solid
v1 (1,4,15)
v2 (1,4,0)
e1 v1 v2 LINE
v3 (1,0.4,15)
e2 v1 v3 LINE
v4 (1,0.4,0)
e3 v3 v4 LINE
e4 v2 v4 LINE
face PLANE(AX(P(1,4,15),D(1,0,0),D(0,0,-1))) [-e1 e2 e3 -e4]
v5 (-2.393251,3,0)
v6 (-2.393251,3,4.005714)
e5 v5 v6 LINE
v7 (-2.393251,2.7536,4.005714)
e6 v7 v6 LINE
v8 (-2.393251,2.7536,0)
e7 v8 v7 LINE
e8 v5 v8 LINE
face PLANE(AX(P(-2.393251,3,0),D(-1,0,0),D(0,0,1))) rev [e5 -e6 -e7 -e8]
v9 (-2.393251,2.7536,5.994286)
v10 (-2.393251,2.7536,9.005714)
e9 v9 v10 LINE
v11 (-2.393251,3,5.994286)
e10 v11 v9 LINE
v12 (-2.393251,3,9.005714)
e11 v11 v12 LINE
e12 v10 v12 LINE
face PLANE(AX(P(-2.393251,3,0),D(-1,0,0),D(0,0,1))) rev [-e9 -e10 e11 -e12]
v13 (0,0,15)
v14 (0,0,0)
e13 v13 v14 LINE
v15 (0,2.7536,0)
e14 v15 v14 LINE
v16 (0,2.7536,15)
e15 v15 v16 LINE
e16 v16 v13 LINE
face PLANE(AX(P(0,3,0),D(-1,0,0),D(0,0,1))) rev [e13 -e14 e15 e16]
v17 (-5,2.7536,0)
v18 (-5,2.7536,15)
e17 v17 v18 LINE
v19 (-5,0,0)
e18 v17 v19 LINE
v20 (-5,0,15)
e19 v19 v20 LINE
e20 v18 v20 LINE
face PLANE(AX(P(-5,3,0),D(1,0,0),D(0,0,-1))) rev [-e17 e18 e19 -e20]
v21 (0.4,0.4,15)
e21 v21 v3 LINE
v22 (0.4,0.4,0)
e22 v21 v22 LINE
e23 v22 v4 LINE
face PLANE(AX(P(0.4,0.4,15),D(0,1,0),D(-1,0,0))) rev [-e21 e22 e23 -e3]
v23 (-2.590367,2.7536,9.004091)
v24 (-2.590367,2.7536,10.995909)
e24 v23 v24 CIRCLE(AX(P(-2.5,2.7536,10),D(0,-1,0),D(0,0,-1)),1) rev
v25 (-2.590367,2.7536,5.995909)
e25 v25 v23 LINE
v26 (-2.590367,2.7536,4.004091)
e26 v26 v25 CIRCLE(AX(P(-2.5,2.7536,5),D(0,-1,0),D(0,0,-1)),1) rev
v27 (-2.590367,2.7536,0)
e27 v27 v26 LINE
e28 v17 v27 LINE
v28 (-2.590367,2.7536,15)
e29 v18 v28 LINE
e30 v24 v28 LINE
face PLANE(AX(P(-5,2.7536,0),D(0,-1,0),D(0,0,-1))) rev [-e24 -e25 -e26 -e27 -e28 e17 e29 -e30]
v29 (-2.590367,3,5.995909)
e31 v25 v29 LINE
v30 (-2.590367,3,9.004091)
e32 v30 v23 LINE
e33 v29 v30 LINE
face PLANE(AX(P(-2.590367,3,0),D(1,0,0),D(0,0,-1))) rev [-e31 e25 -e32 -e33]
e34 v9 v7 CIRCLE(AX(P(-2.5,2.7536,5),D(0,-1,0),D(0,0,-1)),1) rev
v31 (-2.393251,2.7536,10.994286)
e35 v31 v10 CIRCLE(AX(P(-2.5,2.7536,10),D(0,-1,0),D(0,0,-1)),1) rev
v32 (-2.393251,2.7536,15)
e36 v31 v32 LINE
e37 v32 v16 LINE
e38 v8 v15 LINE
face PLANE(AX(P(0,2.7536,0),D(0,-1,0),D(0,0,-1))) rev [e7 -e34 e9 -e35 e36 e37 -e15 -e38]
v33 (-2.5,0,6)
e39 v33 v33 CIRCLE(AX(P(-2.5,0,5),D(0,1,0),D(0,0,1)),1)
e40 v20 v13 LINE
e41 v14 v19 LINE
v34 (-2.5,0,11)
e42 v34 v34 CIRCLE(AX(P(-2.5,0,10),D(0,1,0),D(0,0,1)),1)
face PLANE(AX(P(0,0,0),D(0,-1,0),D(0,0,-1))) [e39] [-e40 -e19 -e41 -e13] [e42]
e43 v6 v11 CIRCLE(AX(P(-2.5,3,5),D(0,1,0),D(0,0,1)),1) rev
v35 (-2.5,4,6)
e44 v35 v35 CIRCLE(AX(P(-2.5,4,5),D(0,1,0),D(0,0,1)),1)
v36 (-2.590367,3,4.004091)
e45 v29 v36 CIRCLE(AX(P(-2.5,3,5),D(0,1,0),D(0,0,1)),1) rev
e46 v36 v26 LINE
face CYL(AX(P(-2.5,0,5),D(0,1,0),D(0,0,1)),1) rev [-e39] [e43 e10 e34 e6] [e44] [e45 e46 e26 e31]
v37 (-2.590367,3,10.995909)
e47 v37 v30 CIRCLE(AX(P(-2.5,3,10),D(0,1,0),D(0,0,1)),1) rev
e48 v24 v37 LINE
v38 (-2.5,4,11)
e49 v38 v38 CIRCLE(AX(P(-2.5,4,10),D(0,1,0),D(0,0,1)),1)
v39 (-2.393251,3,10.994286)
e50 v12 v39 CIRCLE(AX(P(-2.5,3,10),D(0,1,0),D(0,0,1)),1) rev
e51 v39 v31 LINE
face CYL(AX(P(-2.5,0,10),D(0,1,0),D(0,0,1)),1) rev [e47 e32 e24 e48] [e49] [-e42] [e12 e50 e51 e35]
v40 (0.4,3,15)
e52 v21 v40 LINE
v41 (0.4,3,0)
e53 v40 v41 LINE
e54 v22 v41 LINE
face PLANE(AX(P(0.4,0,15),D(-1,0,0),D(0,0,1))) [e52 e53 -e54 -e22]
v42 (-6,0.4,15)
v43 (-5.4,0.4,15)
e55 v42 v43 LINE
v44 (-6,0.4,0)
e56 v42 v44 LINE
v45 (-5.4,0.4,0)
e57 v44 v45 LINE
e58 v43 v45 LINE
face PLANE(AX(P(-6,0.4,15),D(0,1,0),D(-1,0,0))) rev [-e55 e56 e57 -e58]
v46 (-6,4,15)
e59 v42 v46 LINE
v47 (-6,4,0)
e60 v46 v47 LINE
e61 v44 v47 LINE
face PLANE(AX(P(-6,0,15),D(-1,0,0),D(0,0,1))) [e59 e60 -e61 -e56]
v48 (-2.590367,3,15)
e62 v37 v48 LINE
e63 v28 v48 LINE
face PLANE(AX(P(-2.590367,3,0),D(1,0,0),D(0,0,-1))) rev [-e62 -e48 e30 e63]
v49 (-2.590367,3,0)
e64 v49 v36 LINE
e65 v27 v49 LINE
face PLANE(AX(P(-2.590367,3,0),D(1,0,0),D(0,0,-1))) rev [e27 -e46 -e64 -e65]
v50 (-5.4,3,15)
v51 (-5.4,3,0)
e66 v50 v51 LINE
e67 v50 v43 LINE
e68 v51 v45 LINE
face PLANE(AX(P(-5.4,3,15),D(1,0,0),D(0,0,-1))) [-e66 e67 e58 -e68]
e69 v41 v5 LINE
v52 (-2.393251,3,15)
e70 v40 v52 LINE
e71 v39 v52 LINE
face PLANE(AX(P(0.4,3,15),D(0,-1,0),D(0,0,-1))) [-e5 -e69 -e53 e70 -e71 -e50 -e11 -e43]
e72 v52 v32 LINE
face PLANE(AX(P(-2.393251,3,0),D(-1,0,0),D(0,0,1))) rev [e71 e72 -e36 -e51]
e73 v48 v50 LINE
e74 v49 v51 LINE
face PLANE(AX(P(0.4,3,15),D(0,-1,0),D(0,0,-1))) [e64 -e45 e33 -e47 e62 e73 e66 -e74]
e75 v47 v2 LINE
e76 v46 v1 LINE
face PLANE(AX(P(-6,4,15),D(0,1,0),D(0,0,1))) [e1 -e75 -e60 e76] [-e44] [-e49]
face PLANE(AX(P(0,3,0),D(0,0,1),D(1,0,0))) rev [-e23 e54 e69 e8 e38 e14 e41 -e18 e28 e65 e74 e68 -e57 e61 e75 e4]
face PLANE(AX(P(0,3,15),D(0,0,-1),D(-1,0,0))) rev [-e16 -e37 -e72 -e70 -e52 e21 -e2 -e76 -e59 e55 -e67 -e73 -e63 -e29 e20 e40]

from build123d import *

# Parameters (mm, degrees)
SKETCH_1_W          = 5
SKETCH_1_H          = 15
EXTRUDE_1_DEPTH     = 3
EXTRUDE_2_DEPTH     = 15
SKETCH_3_R          = 1
CUT_EXTRUDE_1_DEPTH = 5
SKETCH_5_W          = 2.409632894
SKETCH_5_H          = 0.246400488
SKETCH_5_W_2        = 2.393250689
CUT_EXTRUDE_3_DEPTH = 15
SKETCH_6_W          = 0.6
SKETCH_6_H          = 0.4
CUT_EXTRUDE_4_DEPTH = 15


with BuildPart() as part:
    # 草图1 → 凸台-拉伸1 (new body)
    with BuildSketch(Plane(origin=(0, 0, 0), x_dir=(1, 0, 0), z_dir=(0, 1, 0))):
        with Locations((-2.5, -7.5)):
            Rectangle(SKETCH_1_W, SKETCH_1_H)
    extrude(amount=EXTRUDE_1_DEPTH)

    # 草图2 → 凸台-拉伸2 (add)
    with BuildSketch(Plane(origin=(0, 0, 0), x_dir=(-1, 0, 0), z_dir=(0, 0, -1))):
        Polygon((-0.4, 0), (-0.4, 3), (5.4, 3), (5.4, 0), (6, 0), (6, 4), (-1, 4), (-1, 0), align=None)
    extrude(amount=-EXTRUDE_2_DEPTH)

    # 草图3 → 切除-拉伸1 (cut, through all)
    with BuildSketch(Plane(origin=(0, 4, 0), x_dir=(1, 0, 0), z_dir=(0, 1, 0))):
        with Locations((-2.5, -10)):
            Circle(SKETCH_3_R)
        with Locations((-2.5, -5)):
            Circle(SKETCH_3_R)
    extrude(amount=-CUT_EXTRUDE_1_DEPTH, mode=Mode.SUBTRACT)

    # 草图5 → 切除-拉伸3 (cut)
    with BuildSketch(Plane.XY.offset(15)):
        with Locations((-3.795183553, 2.876799756)):
            Rectangle(SKETCH_5_W, SKETCH_5_H)
        with Locations((-1.196625345, 2.876799756)):
            Rectangle(SKETCH_5_W_2, SKETCH_5_H)
    extrude(amount=-CUT_EXTRUDE_3_DEPTH, mode=Mode.SUBTRACT)

    # 草图6 → 切除-拉伸4 (cut)
    with BuildSketch(Plane(origin=(0, 0, 0), x_dir=(-1, 0, 0), z_dir=(0, 0, -1))):
        with Locations((-0.7, 0.2)):
            Rectangle(SKETCH_6_W, SKETCH_6_H)
        with Locations((5.7, 0.2)):
            Rectangle(SKETCH_6_W, SKETCH_6_H)
    extrude(amount=-CUT_EXTRUDE_4_DEPTH, mode=Mode.SUBTRACT)


solid = part.part
